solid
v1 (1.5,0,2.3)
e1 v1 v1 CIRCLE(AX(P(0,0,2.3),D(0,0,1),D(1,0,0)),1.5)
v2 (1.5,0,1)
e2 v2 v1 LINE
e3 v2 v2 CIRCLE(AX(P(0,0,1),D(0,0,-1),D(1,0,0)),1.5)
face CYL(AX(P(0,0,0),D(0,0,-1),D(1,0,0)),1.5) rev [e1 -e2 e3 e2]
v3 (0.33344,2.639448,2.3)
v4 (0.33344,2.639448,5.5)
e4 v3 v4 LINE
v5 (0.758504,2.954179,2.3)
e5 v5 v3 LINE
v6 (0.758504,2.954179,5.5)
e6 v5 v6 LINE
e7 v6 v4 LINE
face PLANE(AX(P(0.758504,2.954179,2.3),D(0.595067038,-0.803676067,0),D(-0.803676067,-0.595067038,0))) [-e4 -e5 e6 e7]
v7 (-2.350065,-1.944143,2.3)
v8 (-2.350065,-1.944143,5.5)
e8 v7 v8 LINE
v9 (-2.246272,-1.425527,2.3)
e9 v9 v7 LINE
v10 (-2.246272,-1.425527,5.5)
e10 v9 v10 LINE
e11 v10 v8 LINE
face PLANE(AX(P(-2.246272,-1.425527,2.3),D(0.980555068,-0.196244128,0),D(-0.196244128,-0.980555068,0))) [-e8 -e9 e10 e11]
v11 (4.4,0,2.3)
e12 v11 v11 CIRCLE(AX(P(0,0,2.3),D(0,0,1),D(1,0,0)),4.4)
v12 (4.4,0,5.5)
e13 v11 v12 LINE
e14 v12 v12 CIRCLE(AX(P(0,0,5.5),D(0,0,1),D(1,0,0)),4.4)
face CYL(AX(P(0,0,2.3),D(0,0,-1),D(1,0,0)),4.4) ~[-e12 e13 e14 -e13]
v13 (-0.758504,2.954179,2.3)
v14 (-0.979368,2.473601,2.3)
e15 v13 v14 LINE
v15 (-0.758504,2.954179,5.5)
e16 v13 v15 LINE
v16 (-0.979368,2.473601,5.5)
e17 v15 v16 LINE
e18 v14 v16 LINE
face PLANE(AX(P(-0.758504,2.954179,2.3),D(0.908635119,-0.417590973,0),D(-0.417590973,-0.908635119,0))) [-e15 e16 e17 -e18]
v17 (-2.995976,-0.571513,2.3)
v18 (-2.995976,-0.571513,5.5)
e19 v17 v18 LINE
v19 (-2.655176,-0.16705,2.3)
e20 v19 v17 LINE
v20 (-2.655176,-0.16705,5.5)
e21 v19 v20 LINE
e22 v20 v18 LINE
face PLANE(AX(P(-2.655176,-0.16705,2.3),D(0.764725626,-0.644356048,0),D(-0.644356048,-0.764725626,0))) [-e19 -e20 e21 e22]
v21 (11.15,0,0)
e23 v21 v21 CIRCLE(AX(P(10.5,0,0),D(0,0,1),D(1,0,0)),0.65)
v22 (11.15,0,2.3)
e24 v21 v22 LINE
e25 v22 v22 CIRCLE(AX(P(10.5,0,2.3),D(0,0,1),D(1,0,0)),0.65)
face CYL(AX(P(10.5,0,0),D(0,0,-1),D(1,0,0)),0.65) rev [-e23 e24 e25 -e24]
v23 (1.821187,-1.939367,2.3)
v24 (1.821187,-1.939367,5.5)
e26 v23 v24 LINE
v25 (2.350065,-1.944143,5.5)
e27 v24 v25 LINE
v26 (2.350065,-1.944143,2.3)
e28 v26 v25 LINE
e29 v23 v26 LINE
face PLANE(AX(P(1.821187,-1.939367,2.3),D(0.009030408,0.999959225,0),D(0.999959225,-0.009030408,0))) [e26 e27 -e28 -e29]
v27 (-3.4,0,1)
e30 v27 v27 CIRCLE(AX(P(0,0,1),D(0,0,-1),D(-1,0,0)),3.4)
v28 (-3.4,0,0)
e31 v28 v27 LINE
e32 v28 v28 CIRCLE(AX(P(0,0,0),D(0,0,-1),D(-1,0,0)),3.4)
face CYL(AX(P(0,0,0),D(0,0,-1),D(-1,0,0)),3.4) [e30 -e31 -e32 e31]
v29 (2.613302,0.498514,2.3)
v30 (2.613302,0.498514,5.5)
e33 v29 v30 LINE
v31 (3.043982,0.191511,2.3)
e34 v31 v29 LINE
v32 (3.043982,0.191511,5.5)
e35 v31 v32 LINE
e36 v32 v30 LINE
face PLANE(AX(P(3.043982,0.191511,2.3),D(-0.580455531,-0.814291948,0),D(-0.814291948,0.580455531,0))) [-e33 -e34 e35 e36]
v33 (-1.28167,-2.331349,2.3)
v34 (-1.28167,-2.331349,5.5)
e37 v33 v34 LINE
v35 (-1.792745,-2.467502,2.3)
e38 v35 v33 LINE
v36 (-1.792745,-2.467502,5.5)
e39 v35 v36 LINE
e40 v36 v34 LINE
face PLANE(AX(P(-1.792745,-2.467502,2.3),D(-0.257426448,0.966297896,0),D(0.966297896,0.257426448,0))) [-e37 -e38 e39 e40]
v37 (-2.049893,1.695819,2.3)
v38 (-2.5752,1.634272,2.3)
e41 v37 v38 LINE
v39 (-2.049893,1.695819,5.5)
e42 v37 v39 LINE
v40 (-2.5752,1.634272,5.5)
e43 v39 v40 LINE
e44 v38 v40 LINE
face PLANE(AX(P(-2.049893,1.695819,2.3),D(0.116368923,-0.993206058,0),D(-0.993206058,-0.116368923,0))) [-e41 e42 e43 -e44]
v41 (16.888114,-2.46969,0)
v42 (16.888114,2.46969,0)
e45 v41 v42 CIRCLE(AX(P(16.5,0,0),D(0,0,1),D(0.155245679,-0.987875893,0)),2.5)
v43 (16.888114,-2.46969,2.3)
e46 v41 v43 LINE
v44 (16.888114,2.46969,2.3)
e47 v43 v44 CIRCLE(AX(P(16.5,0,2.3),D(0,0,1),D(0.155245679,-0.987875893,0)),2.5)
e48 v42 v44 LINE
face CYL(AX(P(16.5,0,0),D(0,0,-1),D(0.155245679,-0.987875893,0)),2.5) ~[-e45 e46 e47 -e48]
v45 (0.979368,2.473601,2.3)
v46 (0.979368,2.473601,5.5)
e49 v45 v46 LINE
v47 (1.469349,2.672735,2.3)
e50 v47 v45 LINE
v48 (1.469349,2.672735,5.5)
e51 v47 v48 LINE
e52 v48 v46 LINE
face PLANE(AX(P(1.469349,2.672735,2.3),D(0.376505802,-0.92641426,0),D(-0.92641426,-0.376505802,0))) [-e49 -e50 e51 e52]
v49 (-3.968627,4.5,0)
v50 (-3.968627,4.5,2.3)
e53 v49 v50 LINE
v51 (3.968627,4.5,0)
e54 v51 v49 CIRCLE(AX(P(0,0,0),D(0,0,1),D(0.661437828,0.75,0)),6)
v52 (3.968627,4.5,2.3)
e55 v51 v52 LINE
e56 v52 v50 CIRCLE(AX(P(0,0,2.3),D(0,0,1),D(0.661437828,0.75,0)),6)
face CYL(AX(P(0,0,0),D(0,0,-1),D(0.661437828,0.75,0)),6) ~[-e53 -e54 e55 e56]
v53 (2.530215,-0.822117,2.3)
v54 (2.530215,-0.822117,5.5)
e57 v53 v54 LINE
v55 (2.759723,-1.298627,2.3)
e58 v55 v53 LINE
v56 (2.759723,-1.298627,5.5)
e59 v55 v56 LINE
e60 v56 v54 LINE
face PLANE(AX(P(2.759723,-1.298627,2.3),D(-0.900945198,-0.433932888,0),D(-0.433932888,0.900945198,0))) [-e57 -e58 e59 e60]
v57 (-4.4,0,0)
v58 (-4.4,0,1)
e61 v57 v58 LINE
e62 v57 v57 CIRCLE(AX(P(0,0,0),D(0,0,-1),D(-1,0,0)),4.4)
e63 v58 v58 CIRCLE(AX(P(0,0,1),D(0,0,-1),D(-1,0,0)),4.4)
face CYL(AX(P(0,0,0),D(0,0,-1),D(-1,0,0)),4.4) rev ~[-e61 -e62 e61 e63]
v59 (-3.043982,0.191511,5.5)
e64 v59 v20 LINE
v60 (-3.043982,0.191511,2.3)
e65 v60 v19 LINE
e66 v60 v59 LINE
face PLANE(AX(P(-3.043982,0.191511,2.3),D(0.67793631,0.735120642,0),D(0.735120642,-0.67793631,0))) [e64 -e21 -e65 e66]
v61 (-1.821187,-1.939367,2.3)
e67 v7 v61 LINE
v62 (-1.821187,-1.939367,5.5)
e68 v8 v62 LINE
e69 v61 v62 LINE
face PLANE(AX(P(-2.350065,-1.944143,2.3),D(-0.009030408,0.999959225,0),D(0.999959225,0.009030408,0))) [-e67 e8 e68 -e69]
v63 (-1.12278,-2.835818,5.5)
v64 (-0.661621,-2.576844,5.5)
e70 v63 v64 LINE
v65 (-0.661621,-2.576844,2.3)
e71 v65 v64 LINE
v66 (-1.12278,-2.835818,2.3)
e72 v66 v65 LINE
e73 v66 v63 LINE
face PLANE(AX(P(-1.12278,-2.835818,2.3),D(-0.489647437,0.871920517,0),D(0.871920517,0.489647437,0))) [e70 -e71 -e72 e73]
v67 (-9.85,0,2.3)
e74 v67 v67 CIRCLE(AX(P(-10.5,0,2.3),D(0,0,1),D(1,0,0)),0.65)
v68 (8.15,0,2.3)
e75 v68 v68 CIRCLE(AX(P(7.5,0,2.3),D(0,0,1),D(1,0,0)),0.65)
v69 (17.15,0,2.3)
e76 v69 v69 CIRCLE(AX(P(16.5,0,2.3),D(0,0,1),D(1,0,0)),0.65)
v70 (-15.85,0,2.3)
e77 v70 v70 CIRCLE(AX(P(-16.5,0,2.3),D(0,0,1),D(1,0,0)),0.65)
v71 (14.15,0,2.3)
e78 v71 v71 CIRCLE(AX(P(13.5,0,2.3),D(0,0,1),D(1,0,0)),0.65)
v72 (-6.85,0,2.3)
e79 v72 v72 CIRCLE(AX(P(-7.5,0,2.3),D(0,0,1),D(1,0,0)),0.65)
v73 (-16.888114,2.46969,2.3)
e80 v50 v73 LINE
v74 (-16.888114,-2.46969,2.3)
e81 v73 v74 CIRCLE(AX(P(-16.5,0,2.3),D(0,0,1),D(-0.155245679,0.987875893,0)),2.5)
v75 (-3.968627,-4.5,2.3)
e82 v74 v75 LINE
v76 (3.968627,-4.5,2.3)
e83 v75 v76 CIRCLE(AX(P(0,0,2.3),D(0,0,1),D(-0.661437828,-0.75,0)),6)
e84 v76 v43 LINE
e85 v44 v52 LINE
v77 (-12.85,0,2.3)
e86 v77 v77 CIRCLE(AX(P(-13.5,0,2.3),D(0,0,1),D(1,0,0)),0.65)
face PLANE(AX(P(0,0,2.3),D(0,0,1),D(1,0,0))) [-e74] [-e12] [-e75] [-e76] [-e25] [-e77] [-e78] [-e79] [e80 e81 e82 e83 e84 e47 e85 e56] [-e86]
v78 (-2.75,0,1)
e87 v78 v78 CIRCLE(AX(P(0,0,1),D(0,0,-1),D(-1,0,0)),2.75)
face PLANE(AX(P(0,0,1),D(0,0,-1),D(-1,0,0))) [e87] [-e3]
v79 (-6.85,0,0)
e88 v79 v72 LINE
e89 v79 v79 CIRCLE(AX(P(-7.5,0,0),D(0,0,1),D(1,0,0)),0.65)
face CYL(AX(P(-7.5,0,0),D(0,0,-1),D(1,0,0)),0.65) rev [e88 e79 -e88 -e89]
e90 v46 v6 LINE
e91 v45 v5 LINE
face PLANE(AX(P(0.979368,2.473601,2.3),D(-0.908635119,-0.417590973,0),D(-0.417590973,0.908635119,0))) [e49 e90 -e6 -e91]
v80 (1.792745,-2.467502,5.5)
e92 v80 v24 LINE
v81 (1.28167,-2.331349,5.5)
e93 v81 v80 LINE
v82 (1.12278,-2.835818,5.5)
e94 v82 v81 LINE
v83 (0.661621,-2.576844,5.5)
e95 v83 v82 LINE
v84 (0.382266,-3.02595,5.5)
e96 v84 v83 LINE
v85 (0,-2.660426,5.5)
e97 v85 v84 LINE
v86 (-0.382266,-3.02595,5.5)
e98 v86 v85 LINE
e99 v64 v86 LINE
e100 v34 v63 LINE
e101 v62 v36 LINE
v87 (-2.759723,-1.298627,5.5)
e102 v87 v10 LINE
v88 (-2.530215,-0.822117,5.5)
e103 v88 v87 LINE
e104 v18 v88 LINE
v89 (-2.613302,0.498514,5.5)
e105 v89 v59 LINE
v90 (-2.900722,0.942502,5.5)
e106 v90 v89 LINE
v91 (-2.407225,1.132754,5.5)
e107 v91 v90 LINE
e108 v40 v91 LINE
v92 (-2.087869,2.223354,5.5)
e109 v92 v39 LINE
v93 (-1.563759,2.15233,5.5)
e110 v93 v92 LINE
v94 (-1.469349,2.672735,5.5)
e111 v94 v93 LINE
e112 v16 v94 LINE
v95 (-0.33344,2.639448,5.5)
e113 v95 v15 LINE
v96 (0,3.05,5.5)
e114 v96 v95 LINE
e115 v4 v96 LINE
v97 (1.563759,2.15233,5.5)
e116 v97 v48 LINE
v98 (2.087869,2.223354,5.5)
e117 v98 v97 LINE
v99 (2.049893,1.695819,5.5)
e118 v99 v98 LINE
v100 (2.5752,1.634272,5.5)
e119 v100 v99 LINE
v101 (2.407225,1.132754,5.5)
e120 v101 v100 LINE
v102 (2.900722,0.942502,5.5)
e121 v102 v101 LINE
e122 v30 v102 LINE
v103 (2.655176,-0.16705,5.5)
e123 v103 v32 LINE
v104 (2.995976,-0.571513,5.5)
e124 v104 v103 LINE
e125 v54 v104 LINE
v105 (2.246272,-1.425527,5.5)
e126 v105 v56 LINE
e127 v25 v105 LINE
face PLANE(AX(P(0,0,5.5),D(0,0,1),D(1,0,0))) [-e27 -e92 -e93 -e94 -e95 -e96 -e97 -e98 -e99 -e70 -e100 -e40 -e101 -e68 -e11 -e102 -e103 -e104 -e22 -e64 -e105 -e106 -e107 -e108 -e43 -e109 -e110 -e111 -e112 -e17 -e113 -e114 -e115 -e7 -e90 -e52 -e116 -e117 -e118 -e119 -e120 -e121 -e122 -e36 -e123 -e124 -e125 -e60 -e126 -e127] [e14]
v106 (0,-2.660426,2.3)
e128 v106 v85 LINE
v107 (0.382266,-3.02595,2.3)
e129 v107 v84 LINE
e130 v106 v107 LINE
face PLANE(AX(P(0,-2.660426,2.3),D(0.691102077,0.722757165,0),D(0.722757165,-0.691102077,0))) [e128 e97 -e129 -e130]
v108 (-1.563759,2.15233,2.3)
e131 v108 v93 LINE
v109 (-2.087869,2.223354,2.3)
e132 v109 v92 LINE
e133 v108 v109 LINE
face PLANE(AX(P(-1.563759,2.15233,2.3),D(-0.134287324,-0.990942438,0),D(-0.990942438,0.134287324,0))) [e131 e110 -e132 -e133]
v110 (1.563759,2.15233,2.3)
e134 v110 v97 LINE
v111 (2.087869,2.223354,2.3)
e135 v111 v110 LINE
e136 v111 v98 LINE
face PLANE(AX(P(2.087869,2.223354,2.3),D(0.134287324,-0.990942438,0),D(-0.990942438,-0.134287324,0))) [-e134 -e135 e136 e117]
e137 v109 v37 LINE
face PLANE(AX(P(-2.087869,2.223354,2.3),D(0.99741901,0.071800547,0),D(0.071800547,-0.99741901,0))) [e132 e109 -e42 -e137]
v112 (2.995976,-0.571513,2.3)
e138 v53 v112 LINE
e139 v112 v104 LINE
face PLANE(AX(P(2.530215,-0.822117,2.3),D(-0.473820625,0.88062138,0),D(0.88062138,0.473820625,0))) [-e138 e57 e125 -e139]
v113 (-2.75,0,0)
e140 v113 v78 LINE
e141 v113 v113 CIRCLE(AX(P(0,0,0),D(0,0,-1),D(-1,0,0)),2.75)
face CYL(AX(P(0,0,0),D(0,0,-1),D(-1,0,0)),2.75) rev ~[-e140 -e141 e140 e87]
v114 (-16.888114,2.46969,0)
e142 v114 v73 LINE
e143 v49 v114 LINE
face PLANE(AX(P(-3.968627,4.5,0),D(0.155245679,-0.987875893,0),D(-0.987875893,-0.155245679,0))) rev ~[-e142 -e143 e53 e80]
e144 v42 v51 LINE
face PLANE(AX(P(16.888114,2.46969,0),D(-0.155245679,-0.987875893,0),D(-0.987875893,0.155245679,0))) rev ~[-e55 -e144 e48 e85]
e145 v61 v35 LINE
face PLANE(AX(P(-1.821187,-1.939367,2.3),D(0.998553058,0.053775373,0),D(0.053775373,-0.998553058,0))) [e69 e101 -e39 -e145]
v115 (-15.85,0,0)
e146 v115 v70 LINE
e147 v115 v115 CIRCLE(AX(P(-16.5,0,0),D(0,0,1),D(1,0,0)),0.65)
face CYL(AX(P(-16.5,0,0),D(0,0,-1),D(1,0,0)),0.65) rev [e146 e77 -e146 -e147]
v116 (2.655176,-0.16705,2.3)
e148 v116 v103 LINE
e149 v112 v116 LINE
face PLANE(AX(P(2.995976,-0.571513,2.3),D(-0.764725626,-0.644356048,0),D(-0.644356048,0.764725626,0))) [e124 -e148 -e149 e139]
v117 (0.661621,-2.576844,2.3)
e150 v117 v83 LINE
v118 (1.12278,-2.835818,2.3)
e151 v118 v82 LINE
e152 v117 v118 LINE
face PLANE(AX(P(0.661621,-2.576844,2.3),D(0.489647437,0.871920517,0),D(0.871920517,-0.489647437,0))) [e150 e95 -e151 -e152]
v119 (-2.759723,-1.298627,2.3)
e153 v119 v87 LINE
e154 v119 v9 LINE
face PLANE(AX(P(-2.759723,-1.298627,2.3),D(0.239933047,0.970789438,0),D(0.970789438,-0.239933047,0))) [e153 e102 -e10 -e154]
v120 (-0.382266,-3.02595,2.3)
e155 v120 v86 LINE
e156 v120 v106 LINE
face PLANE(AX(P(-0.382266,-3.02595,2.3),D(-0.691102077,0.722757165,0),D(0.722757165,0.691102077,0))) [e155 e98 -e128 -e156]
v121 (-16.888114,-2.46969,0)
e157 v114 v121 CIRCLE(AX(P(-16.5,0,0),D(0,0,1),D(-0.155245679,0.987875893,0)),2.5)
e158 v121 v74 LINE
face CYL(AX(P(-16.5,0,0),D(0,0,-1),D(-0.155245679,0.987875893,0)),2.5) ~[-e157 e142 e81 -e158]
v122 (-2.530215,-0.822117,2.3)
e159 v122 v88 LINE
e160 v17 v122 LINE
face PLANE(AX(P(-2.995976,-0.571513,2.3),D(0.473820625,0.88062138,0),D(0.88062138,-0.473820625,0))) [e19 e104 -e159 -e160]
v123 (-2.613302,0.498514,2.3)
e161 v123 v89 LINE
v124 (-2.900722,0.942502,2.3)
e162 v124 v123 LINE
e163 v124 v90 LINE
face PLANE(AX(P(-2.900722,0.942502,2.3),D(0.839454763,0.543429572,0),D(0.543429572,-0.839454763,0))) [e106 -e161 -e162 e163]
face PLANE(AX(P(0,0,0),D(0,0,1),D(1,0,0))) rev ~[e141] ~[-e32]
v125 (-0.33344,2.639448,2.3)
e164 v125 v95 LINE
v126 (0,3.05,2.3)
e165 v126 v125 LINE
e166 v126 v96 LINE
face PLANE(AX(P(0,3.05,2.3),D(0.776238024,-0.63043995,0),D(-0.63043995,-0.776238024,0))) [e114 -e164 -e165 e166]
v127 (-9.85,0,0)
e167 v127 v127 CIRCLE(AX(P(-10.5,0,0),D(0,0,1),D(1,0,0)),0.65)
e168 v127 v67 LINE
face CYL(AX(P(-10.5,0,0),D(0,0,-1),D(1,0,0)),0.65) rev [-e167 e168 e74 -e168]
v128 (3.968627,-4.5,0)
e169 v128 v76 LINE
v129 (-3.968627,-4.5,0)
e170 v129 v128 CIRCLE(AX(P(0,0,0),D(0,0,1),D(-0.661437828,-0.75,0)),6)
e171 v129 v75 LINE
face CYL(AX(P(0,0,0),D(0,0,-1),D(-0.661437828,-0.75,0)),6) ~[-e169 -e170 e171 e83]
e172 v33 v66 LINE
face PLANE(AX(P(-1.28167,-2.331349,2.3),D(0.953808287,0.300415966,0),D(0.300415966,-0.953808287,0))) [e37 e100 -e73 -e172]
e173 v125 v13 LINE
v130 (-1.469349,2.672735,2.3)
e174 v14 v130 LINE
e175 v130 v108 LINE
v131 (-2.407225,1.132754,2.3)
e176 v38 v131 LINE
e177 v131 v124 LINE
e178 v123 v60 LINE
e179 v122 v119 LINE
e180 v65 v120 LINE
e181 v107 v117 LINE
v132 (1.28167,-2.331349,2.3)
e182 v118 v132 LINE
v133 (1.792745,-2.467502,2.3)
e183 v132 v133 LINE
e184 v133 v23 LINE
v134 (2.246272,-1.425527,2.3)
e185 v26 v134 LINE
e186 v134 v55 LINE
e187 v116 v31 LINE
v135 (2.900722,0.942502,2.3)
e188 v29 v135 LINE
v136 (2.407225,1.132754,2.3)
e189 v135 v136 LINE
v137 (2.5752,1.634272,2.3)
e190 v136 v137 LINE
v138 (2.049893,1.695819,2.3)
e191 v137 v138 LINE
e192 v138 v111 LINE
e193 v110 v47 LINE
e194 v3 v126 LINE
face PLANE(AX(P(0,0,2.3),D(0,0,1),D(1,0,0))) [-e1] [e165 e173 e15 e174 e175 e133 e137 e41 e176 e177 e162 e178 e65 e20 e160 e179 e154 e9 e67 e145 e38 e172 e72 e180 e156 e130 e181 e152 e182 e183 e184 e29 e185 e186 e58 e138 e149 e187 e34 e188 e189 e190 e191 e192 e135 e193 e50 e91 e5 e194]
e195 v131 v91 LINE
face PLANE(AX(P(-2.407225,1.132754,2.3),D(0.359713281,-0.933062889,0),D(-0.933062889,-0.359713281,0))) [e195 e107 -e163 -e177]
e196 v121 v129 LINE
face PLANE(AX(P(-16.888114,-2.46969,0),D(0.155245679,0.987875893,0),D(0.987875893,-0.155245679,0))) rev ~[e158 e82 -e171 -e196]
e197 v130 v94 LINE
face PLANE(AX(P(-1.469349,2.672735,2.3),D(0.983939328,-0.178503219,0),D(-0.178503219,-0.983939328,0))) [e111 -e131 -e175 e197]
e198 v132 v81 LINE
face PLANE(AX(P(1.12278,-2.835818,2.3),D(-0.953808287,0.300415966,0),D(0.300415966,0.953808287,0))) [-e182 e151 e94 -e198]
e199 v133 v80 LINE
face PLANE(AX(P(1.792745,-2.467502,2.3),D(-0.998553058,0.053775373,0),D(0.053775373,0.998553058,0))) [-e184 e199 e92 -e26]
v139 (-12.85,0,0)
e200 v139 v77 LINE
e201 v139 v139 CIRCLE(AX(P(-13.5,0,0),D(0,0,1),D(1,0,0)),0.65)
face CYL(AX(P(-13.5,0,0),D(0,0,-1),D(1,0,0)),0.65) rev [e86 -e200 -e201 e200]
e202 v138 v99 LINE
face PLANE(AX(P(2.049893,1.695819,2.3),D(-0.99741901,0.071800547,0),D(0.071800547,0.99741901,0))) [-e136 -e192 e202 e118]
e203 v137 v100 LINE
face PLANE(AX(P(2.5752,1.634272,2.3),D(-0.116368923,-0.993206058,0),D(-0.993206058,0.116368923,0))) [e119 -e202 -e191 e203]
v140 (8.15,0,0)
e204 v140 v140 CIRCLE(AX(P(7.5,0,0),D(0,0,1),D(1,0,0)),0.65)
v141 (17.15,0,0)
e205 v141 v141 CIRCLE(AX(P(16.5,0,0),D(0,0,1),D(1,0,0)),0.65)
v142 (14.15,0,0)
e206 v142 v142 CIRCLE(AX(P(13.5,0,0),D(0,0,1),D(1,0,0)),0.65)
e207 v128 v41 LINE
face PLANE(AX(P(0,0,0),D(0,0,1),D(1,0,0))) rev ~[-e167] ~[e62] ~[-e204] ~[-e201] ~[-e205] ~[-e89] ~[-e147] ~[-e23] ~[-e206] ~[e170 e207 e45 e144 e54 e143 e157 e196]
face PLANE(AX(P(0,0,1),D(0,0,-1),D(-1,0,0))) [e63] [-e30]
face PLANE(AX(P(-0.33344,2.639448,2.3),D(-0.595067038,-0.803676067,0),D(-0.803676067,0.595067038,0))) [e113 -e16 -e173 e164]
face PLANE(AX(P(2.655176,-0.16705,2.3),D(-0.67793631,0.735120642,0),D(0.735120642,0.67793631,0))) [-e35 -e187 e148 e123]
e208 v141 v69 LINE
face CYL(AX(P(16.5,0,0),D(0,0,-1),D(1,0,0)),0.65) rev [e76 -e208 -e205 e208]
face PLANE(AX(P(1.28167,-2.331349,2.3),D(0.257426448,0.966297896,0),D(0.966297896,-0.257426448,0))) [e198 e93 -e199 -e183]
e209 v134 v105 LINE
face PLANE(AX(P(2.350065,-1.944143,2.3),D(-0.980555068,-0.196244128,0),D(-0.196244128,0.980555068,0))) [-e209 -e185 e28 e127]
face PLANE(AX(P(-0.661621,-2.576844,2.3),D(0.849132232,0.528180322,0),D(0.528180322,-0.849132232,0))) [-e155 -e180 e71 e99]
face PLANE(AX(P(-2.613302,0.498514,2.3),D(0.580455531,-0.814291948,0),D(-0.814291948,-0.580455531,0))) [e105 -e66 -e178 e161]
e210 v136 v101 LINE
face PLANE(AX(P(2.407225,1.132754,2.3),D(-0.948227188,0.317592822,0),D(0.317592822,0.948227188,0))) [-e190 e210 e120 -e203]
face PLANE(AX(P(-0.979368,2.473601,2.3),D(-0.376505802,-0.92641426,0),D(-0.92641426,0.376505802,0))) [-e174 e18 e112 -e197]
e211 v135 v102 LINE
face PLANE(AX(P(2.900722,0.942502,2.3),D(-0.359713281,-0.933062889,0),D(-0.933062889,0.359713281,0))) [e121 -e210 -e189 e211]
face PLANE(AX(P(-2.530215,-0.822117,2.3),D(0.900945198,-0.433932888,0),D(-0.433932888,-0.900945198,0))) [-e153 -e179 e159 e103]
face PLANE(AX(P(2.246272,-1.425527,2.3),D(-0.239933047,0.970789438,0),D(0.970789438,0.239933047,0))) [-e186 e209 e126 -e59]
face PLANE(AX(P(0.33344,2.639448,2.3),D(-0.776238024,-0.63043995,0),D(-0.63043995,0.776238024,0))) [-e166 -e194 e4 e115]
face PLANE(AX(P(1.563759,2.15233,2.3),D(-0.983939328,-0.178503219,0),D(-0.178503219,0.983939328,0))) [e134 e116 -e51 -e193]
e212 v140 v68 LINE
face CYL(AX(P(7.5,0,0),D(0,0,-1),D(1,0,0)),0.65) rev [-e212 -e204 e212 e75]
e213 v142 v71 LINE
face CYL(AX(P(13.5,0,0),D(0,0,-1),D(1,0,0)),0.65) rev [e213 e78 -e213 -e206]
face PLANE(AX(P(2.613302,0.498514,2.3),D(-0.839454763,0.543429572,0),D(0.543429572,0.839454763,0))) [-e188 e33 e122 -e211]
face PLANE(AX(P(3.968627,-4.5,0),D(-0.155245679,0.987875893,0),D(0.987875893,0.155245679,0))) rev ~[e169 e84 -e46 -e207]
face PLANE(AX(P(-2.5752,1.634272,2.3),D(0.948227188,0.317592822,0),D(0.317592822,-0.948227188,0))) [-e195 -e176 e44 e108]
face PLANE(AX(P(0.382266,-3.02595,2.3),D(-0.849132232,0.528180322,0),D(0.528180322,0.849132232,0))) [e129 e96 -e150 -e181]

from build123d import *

# Parameters (mm, degrees)
SKETCH_1_R          = 0.65
SKETCH_1_R_2        = 1.5
EXTRUDE_1_DEPTH     = 2.3
SKETCH_2_R          = 4.4
EXTRUDE_2_DEPTH     = 3.2
SKETCH_3_R          = 4.4
SKETCH_3_R_2        = 3.4
SKETCH_3_R_3        = 2.75
SKETCH_3_R_4        = 1.5
CUT_EXTRUDE_1_DEPTH = 1


with BuildPart() as part:
    # Эскиз1 → Бобышка-Вытянуть1 (new body)
    with BuildSketch(Plane.XY):
        with BuildLine():
            Line((-3.968626967, 4.5), (-16.888114198, 2.469689731))
            ThreePointArc((-16.888114198, 2.469689731), (-19, 0), (-16.888114198, -2.469689731))
            Line((-16.888114198, -2.469689731), (-3.968626967, -4.5))
            ThreePointArc((-3.968626967, -4.5), (0, -6), (3.968626967, -4.5))
            Line((3.968626967, -4.5), (16.888114198, -2.469689731))
            ThreePointArc((16.888114198, -2.469689731), (19, 0), (16.888114198, 2.469689731))
            Line((16.888114198, 2.469689731), (3.968626967, 4.5))
            ThreePointArc((3.968626967, 4.5), (0, 6), (-3.968626967, 4.5))
        make_face()
        with Locations((-16.5, 0)):
            Circle(SKETCH_1_R, mode=Mode.SUBTRACT)
        with Locations((-13.5, 0)):
            Circle(SKETCH_1_R, mode=Mode.SUBTRACT)
        with Locations((-10.5, 0)):
            Circle(SKETCH_1_R, mode=Mode.SUBTRACT)
        with Locations((-7.5, 0)):
            Circle(SKETCH_1_R, mode=Mode.SUBTRACT)
        with Locations((16.5, 0)):
            Circle(SKETCH_1_R, mode=Mode.SUBTRACT)
        with Locations((7.5, 0)):
            Circle(SKETCH_1_R, mode=Mode.SUBTRACT)
        with Locations((10.5, 0)):
            Circle(SKETCH_1_R, mode=Mode.SUBTRACT)
        with Locations((13.5, 0)):
            Circle(SKETCH_1_R, mode=Mode.SUBTRACT)
        Circle(SKETCH_1_R_2, mode=Mode.SUBTRACT)
    extrude(amount=EXTRUDE_1_DEPTH)

    # Эскиз2 → Бобышка-Вытянуть2 (add)
    with BuildSketch(Plane.XY.offset(2.3)):
        Circle(SKETCH_2_R)
        Polygon((0.333439775, 2.639447604), (0, 3.05), (-0.333439775, 2.639447604), (-0.758504156, 2.954178641), (-0.979368078, 2.473601404), (-1.469348706, 2.672735374), (-1.563759083, 2.15232973), (-2.087868673, 2.223354314), (-2.049893354, 1.695819264), (-2.575200173, 1.634271725), (-2.407225286, 1.132754236), (-2.900722375, 0.942501833), (-2.6133024, 0.498514094), (-3.043981522, 0.191511085), (-2.655176114, -0.167049522), (-2.995976115, -0.571513009), (-2.530215347, -0.822116802), (-2.75972251, -1.298626839), (-2.246271844, -1.42552746), (-2.35006539, -1.944143169), (-1.821186821, -1.939366985), (-1.792745019, -2.467501833), (-1.281669931, -2.33134895), (-1.122779886, -2.835818282), (-0.661621006, -2.576843686), (-0.382266362, -3.025949839), (0, -2.660425857), (0.382266362, -3.025949839), (0.661621006, -2.576843686), (1.122779886, -2.835818282), (1.281669931, -2.33134895), (1.792745019, -2.467501833), (1.821186821, -1.939366985), (2.35006539, -1.944143169), (2.246271844, -1.42552746), (2.75972251, -1.298626839), (2.530215347, -0.822116802), (2.995976115, -0.571513009), (2.655176114, -0.167049522), (3.043981522, 0.191511085), (2.6133024, 0.498514094), (2.900722375, 0.942501833), (2.407225286, 1.132754236), (2.575200173, 1.634271725), (2.049893354, 1.695819264), (2.087868673, 2.223354314), (1.563759083, 2.15232973), (1.469348706, 2.672735374), (0.979368078, 2.473601404), (0.758504156, 2.954178641), align=None, mode=Mode.SUBTRACT)
    extrude(amount=EXTRUDE_2_DEPTH)

    # Эскиз3 → Вырез-Вытянуть1 (cut)
    with BuildSketch(Plane(origin=(0, 0, 0), x_dir=(-1, 0, 0), z_dir=(0, 0, -1))):
        Circle(SKETCH_3_R)
        Circle(SKETCH_3_R_2, mode=Mode.SUBTRACT)
        Circle(SKETCH_3_R_3)
        Circle(SKETCH_3_R_4, mode=Mode.SUBTRACT)
    extrude(amount=-CUT_EXTRUDE_1_DEPTH, mode=Mode.SUBTRACT)


solid = part.part
